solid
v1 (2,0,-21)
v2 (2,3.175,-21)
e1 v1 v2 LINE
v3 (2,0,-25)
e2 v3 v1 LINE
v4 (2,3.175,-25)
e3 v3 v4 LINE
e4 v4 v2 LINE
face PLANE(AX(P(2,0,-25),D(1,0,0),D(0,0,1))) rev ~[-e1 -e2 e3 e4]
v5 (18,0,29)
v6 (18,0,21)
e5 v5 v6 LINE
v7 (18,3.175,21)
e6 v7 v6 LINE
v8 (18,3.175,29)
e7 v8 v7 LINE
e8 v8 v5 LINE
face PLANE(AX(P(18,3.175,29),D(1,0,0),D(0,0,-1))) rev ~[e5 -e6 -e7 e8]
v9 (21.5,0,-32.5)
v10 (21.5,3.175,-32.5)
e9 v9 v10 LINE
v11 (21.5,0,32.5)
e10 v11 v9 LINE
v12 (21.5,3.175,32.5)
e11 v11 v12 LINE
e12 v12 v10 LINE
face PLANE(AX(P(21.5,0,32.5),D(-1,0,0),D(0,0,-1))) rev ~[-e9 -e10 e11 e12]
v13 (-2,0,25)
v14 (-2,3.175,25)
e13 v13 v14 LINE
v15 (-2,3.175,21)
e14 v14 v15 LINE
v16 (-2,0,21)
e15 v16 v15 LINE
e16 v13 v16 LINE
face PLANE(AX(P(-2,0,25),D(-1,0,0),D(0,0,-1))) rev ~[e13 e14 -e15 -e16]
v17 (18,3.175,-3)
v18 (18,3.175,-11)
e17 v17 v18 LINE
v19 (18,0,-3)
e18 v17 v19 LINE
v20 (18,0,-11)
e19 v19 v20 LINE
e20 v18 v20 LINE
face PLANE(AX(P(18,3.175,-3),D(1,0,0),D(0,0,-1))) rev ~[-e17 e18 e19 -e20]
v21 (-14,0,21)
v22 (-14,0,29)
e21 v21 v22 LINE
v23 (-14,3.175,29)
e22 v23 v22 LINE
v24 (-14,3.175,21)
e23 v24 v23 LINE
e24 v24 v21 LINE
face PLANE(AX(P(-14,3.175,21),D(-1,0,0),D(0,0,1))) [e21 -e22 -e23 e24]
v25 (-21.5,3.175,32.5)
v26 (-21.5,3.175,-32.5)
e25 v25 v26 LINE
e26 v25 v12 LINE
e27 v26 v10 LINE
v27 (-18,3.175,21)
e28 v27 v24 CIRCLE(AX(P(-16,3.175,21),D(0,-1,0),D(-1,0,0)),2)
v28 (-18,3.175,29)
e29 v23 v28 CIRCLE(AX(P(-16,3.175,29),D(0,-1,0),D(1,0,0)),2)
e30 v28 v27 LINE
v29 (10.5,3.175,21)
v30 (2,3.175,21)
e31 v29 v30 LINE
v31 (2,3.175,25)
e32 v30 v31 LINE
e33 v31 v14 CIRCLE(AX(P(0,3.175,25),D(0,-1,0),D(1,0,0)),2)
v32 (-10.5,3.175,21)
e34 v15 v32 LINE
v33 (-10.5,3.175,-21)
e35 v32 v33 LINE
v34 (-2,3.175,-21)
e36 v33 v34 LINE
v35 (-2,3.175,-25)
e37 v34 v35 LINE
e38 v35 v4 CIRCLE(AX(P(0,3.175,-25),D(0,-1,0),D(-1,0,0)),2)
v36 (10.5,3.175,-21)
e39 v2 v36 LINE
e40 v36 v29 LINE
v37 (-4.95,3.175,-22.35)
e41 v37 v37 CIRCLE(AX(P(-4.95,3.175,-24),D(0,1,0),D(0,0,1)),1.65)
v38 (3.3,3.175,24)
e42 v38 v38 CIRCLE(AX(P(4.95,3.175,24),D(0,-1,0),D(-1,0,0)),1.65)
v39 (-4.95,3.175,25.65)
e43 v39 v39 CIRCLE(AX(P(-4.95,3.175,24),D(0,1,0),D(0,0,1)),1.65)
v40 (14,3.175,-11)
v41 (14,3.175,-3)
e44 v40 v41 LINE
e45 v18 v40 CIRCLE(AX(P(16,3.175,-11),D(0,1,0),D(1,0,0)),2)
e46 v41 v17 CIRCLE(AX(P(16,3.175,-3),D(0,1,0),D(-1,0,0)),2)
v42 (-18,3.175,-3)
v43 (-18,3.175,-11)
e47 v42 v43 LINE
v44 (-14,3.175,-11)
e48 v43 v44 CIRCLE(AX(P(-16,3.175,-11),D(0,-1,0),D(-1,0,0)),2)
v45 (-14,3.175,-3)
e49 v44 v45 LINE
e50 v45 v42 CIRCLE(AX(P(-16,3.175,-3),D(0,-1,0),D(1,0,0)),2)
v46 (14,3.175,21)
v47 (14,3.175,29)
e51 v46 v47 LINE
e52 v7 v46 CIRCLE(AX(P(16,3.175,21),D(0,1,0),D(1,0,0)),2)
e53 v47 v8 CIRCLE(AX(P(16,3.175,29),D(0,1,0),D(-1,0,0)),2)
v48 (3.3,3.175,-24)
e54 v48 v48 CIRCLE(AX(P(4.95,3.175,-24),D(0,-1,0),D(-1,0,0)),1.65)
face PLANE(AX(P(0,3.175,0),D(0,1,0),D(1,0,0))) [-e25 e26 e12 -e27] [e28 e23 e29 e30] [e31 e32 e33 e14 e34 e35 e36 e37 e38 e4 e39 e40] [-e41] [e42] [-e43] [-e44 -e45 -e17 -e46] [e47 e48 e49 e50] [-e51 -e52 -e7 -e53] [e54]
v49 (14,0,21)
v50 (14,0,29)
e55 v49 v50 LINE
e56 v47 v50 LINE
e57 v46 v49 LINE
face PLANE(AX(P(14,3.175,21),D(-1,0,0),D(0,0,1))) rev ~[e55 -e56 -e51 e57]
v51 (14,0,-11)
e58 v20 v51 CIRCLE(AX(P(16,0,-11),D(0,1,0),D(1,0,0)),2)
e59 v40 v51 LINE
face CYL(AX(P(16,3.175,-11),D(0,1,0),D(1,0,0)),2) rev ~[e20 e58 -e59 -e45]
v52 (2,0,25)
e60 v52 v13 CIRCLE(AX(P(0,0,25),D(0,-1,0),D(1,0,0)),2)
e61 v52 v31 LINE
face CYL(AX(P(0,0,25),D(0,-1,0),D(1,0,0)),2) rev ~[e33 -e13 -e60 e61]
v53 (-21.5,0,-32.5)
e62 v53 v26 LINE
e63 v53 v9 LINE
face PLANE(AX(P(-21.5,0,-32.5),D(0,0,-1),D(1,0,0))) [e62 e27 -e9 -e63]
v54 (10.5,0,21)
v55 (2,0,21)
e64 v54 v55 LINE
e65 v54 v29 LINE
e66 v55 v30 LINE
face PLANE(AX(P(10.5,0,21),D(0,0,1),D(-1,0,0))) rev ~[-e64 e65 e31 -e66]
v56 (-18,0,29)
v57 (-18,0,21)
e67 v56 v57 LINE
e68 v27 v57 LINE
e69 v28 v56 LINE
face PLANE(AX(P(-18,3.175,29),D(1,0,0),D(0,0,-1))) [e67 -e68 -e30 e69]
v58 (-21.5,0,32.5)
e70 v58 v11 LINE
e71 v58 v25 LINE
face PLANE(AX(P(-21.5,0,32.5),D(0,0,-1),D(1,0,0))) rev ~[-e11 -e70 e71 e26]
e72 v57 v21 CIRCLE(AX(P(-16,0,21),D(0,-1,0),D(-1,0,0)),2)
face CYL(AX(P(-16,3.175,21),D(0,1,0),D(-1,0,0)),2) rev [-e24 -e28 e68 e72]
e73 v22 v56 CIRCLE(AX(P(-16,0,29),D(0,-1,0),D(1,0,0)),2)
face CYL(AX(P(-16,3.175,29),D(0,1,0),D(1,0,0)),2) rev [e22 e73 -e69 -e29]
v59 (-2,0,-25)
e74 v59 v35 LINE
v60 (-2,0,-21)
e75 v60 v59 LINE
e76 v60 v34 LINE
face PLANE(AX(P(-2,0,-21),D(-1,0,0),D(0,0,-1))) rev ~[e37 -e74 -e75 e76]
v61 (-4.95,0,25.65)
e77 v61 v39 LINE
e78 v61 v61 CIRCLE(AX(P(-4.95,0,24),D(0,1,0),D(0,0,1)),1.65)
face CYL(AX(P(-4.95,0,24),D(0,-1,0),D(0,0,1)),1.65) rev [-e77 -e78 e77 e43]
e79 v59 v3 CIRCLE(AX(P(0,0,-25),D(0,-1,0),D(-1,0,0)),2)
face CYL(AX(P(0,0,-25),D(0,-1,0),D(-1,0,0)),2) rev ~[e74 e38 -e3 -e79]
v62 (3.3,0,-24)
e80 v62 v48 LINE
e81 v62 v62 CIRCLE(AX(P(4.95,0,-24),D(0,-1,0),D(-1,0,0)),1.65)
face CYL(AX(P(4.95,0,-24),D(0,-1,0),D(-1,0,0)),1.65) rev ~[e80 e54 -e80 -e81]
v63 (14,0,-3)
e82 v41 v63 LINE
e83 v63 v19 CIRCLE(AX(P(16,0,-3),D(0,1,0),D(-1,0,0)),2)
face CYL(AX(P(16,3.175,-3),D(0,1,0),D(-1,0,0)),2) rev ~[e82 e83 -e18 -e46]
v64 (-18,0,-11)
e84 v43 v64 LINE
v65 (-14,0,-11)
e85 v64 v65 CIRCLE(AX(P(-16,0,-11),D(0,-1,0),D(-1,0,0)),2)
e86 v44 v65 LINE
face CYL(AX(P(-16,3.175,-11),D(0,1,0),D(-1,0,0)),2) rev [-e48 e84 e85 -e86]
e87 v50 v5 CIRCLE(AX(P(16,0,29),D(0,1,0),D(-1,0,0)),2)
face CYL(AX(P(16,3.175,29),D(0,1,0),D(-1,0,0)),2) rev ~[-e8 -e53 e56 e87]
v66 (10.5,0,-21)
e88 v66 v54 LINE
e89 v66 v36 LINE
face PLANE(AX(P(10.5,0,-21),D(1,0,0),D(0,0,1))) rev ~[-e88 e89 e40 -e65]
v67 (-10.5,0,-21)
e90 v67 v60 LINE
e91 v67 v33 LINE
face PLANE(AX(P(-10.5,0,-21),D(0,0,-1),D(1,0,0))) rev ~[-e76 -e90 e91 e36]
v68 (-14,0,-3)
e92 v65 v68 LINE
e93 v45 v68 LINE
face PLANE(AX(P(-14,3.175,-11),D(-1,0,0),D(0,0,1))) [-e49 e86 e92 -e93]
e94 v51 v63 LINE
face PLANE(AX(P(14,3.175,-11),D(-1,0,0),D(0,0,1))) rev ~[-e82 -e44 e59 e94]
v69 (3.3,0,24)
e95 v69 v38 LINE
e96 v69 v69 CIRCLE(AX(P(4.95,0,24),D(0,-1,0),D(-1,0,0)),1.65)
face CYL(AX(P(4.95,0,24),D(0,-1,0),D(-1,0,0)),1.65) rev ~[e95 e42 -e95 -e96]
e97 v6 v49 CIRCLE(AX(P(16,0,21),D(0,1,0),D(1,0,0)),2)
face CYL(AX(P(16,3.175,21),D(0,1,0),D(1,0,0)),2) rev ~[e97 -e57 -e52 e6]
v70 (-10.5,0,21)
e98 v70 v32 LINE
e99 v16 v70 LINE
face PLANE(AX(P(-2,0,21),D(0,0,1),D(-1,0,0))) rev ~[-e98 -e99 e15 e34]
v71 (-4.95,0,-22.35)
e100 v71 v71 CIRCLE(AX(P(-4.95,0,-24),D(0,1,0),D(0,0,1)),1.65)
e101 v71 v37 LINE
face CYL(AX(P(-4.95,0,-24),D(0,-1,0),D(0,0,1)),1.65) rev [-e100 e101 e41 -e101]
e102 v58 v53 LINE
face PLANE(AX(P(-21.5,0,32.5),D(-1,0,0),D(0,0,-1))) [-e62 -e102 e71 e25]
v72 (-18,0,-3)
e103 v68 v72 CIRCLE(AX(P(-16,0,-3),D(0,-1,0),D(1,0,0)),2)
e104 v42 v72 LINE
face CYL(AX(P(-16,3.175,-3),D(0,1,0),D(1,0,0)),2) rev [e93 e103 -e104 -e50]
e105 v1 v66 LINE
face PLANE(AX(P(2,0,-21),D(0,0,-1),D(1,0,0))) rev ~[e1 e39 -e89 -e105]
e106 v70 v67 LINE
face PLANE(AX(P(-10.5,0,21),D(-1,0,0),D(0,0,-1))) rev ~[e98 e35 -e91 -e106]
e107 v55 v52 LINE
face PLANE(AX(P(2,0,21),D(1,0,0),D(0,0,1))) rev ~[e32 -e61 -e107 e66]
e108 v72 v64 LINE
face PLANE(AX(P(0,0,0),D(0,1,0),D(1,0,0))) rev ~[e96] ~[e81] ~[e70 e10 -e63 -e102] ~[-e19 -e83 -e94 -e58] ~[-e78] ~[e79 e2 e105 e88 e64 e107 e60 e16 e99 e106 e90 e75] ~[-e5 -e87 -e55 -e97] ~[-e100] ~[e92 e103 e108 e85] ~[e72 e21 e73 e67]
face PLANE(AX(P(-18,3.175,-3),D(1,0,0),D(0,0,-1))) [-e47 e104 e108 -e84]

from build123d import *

# Parameters (mm, degrees)
SKETCH1_W           = 43
SKETCH1_H           = 65
SKETCH1_R           = 1.65
BOSS_EXTRUDE1_DEPTH = 3.175
CUT_EXTRUDE1_DEPTH  = 3.175


with BuildPart() as part:
    # Sketch1 → Boss-Extrude1 (new body)
    with BuildSketch(Plane(origin=(0, 0, 0), x_dir=(1, 0, 0), z_dir=(0, 1, 0))):
        Rectangle(SKETCH1_W, SKETCH1_H)
        with Locations(Location((-4.95, -24, 0), (0, 0, 270))):
            Circle(SKETCH1_R, mode=Mode.SUBTRACT)
        with BuildLine():
            Line((-10.5, 21), (-2, 21))
            Line((-2, 21), (-2, 24))
            Line((-2, 24), (-2, 25))
            ThreePointArc((-2, 25), (0, 27), (2, 25))
            Line((2, 25), (2, 24))
            Line((2, 24), (2, 21))
            Line((2, 21), (10.5, 21))
            Line((10.5, 21), (10.5, 0))
            Line((10.5, 0), (10.5, -21))
            Line((10.5, -21), (2, -21))
            Line((2, -21), (2, -24))
            Line((2, -24), (2, -25))
            ThreePointArc((2, -25), (0, -27), (-2, -25))
            Line((-2, -25), (-2, -24))
            Line((-2, -24), (-2, -21))
            Line((-2, -21), (-10.5, -21))
            Line((-10.5, -21), (-10.5, 0))
            Line((-10.5, 0), (-10.5, 21))
        make_face(mode=Mode.SUBTRACT)
        with BuildLine():
            ThreePointArc((6.6, -24), (4.95, -25.65), (3.3, -24))
            ThreePointArc((3.3, -24), (4.95, -22.35), (6.6, -24))
        make_face(mode=Mode.SUBTRACT)
        with Locations(Location((-4.95, 24, 0), (0, 0, 270))):
            Circle(SKETCH1_R, mode=Mode.SUBTRACT)
        with BuildLine():
            ThreePointArc((6.6, 24), (4.95, 22.35), (3.3, 24))
            ThreePointArc((3.3, 24), (4.95, 25.65), (6.6, 24))
        make_face(mode=Mode.SUBTRACT)
    extrude(amount=BOSS_EXTRUDE1_DEPTH)

    # Sketch3 → Cut-Extrude1 (cut)
    with BuildSketch(Plane(origin=(0, 3.175, 0), x_dir=(1, 0, 0), z_dir=(0, 1, 0))):
        with BuildLine():
            Line((-14, -21), (-14, -29))
            ThreePointArc((-14, -29), (-16, -31), (-18, -29))
            Line((-18, -29), (-18, -21))
            ThreePointArc((-18, -21), (-16, -19), (-14, -21))
        make_face()
        with BuildLine():
            Line((14, -21), (14, -29))
            ThreePointArc((14, -29), (16, -31), (18, -29))
            Line((18, -29), (18, -21))
            ThreePointArc((18, -21), (16, -19), (14, -21))
        make_face()
        with BuildLine():
            Line((-14, 11), (-14, 3))
            ThreePointArc((-14, 3), (-16, 1), (-18, 3))
            Line((-18, 3), (-18, 11))
            ThreePointArc((-18, 11), (-16, 13), (-14, 11))
        make_face()
        with BuildLine():
            Line((14, 11), (14, 3))
            ThreePointArc((14, 3), (16, 1), (18, 3))
            Line((18, 3), (18, 11))
            ThreePointArc((18, 11), (16, 13), (14, 11))
        make_face()
    extrude(amount=-CUT_EXTRUDE1_DEPTH, mode=Mode.SUBTRACT)


solid = part.part
